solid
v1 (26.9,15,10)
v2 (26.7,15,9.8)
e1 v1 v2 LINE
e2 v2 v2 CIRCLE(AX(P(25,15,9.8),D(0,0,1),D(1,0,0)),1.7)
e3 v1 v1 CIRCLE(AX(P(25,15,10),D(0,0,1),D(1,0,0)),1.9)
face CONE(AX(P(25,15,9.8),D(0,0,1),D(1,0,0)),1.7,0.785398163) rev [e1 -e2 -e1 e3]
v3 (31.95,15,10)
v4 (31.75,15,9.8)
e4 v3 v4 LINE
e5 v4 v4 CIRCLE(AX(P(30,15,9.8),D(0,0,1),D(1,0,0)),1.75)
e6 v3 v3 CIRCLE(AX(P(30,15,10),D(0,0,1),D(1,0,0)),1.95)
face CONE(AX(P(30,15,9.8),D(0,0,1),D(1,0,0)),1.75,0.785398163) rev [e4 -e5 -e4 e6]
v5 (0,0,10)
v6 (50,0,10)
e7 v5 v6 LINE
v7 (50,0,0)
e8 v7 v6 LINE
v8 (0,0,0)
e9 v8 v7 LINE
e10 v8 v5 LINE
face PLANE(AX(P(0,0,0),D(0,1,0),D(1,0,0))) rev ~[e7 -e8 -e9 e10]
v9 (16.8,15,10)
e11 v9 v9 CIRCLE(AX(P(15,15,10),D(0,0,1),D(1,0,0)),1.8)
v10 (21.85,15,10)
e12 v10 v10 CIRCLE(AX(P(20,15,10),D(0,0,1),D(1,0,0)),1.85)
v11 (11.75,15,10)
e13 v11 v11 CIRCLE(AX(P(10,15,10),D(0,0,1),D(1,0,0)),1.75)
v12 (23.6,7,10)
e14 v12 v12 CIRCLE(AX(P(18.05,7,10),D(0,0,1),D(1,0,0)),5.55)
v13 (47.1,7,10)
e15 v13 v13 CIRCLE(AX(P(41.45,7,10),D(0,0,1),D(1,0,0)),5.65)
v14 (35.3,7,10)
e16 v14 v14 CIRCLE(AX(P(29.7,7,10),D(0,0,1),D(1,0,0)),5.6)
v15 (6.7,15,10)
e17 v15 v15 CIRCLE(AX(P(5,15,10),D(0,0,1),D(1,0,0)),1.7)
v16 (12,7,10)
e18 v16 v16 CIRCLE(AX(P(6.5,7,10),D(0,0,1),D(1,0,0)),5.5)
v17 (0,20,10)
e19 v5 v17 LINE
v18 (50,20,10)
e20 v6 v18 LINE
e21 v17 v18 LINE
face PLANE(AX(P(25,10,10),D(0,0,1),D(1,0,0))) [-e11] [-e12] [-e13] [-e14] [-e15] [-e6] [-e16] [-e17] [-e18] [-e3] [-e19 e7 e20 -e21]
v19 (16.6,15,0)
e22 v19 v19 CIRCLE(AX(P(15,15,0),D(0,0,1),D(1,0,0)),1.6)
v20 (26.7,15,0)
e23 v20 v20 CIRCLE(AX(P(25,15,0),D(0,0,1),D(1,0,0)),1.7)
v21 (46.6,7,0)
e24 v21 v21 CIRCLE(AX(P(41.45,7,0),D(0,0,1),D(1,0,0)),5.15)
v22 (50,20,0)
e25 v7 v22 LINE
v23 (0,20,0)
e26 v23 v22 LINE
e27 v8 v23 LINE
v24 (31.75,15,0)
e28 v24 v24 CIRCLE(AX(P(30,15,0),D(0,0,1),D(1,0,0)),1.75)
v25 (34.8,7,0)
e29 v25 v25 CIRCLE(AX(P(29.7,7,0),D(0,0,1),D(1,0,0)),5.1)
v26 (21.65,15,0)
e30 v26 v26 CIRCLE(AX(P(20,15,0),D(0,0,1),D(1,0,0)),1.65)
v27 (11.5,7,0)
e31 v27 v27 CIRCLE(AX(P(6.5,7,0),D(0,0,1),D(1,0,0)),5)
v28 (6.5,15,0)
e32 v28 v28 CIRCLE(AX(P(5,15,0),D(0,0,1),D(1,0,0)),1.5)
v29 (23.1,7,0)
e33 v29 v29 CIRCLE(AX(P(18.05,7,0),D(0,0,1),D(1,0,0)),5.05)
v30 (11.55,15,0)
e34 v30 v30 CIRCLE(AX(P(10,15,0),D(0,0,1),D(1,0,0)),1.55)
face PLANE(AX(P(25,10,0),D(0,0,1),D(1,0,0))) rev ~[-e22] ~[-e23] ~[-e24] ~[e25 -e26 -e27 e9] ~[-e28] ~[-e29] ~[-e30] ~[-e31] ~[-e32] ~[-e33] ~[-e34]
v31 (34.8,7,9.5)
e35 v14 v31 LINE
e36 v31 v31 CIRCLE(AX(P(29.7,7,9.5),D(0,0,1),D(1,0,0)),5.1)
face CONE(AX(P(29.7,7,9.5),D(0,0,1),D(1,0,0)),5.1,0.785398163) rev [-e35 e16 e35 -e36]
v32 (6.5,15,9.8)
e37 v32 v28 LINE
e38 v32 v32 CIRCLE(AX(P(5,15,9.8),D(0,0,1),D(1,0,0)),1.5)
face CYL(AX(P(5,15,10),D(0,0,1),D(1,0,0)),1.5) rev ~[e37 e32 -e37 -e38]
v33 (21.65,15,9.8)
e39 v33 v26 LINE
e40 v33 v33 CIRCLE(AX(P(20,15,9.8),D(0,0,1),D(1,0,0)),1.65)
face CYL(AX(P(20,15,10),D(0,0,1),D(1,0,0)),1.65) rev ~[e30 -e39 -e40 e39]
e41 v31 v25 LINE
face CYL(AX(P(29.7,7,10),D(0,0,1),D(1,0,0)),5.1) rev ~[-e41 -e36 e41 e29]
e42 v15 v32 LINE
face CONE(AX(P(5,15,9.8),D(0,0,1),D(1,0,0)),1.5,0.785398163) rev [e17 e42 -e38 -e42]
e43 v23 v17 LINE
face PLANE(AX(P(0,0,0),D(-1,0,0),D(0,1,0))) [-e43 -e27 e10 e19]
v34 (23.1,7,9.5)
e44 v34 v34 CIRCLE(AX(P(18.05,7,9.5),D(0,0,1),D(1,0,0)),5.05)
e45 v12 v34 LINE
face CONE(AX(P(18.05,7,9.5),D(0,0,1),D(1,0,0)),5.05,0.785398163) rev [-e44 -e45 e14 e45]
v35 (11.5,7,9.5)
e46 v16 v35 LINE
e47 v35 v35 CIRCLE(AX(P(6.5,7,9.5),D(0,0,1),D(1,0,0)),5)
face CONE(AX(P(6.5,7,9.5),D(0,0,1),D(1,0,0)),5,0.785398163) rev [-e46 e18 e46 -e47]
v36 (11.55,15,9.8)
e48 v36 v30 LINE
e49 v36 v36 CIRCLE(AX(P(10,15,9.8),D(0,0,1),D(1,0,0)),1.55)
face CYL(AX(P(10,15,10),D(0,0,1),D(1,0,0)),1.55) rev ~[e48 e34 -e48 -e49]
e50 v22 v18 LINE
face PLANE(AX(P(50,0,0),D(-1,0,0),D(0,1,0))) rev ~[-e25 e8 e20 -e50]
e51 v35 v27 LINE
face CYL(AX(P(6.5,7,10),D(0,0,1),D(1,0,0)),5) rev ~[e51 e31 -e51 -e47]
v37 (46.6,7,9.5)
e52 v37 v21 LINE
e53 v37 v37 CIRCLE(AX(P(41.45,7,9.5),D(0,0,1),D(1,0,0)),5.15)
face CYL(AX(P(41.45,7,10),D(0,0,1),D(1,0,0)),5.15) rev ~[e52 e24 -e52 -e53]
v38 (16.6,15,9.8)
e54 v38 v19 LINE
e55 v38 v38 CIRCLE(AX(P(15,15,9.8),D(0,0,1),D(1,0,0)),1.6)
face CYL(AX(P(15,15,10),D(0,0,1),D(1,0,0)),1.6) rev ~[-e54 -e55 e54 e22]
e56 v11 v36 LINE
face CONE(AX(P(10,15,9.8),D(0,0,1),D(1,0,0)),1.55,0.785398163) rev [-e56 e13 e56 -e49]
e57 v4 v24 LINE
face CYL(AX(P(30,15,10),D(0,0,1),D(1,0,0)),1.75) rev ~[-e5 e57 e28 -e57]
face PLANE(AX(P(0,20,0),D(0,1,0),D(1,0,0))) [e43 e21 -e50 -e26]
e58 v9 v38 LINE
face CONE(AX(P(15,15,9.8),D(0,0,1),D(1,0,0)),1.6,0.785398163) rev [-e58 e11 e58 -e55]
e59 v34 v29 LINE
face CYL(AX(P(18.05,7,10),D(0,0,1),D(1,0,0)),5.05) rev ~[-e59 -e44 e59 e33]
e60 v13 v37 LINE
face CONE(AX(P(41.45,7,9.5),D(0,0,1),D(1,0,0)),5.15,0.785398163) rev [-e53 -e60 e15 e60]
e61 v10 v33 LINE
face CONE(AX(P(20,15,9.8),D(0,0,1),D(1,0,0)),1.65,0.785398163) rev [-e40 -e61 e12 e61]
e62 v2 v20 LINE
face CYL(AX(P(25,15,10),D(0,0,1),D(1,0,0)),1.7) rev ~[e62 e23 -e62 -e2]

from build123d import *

# Parameters (mm, degrees)
SKETCH_W        = 50
SKETCH_H        = 20
PAD_DEPTH       = 10
SKETCH001_R     = 1.5
SKETCH001_R_2   = 1.55
SKETCH001_R_3   = 1.6
SKETCH001_R_4   = 1.7
SKETCH001_R_5   = 1.75
SKETCH001_R_6   = 1.65
SKETCH001_R_7   = 5
SKETCH001_R_8   = 5.05
SKETCH001_R_9   = 5.1
SKETCH001_R_10  = 5.15
POCKET_DEPTH    = 10.001
CHAMFER_SIZE    = 0.5
CHAMFER001_SIZE = 0.5
CHAMFER002_SIZE = 0.5
CHAMFER003_SIZE = 0.2


with BuildPart() as part:
    # Sketch → Pad (new body)
    with BuildSketch(Plane.XY):
        with Locations((25, 10)):
            Rectangle(SKETCH_W, SKETCH_H)
    extrude(amount=PAD_DEPTH)

    # Sketch001 (on Face6 of Pad) → Pocket (cut, through all)
    with BuildSketch(Plane.XY.offset(10)):
        with Locations((5, 15)):
            Circle(SKETCH001_R)
        with Locations((10, 15)):
            Circle(SKETCH001_R_2)
        with Locations((15, 15)):
            Circle(SKETCH001_R_3)
        with Locations((25, 15)):
            Circle(SKETCH001_R_4)
        with Locations((30, 15)):
            Circle(SKETCH001_R_5)
        with Locations((20, 15)):
            Circle(SKETCH001_R_6)
        with Locations((6.5, 7)):
            Circle(SKETCH001_R_7)
        with Locations((18.05, 7)):
            Circle(SKETCH001_R_8)
        with Locations((29.7, 7)):
            Circle(SKETCH001_R_9)
        with Locations((41.45, 7)):
            Circle(SKETCH001_R_10)
    extrude(amount=-POCKET_DEPTH, mode=Mode.SUBTRACT)

    # Chamfer
    chamfer_edges = [part.edges().sort_by_distance(p)[0] for p in [
        (1.5, 7, 10),
    ]]
    chamfer(chamfer_edges, length=CHAMFER_SIZE)

    # Chamfer001
    chamfer001_edges = [part.edges().sort_by_distance(p)[0] for p in [
        (13, 7, 10),
        (24.6, 7, 10),
    ]]
    chamfer(chamfer001_edges, length=CHAMFER001_SIZE)

    # Chamfer002
    chamfer002_edges = [part.edges().sort_by_distance(p)[0] for p in [
        (36.3, 7, 10),
    ]]
    chamfer(chamfer002_edges, length=CHAMFER002_SIZE)

    # Chamfer003
    chamfer003_edges = [part.edges().sort_by_distance(p)[0] for p in [
        (3.5, 15, 10),
        (8.45, 15, 10),
        (13.4, 15, 10),
        (18.35, 15, 10),
        (23.3, 15, 10),
        (28.25, 15, 10),
    ]]
    chamfer(chamfer003_edges, length=CHAMFER003_SIZE)


solid = part.part
